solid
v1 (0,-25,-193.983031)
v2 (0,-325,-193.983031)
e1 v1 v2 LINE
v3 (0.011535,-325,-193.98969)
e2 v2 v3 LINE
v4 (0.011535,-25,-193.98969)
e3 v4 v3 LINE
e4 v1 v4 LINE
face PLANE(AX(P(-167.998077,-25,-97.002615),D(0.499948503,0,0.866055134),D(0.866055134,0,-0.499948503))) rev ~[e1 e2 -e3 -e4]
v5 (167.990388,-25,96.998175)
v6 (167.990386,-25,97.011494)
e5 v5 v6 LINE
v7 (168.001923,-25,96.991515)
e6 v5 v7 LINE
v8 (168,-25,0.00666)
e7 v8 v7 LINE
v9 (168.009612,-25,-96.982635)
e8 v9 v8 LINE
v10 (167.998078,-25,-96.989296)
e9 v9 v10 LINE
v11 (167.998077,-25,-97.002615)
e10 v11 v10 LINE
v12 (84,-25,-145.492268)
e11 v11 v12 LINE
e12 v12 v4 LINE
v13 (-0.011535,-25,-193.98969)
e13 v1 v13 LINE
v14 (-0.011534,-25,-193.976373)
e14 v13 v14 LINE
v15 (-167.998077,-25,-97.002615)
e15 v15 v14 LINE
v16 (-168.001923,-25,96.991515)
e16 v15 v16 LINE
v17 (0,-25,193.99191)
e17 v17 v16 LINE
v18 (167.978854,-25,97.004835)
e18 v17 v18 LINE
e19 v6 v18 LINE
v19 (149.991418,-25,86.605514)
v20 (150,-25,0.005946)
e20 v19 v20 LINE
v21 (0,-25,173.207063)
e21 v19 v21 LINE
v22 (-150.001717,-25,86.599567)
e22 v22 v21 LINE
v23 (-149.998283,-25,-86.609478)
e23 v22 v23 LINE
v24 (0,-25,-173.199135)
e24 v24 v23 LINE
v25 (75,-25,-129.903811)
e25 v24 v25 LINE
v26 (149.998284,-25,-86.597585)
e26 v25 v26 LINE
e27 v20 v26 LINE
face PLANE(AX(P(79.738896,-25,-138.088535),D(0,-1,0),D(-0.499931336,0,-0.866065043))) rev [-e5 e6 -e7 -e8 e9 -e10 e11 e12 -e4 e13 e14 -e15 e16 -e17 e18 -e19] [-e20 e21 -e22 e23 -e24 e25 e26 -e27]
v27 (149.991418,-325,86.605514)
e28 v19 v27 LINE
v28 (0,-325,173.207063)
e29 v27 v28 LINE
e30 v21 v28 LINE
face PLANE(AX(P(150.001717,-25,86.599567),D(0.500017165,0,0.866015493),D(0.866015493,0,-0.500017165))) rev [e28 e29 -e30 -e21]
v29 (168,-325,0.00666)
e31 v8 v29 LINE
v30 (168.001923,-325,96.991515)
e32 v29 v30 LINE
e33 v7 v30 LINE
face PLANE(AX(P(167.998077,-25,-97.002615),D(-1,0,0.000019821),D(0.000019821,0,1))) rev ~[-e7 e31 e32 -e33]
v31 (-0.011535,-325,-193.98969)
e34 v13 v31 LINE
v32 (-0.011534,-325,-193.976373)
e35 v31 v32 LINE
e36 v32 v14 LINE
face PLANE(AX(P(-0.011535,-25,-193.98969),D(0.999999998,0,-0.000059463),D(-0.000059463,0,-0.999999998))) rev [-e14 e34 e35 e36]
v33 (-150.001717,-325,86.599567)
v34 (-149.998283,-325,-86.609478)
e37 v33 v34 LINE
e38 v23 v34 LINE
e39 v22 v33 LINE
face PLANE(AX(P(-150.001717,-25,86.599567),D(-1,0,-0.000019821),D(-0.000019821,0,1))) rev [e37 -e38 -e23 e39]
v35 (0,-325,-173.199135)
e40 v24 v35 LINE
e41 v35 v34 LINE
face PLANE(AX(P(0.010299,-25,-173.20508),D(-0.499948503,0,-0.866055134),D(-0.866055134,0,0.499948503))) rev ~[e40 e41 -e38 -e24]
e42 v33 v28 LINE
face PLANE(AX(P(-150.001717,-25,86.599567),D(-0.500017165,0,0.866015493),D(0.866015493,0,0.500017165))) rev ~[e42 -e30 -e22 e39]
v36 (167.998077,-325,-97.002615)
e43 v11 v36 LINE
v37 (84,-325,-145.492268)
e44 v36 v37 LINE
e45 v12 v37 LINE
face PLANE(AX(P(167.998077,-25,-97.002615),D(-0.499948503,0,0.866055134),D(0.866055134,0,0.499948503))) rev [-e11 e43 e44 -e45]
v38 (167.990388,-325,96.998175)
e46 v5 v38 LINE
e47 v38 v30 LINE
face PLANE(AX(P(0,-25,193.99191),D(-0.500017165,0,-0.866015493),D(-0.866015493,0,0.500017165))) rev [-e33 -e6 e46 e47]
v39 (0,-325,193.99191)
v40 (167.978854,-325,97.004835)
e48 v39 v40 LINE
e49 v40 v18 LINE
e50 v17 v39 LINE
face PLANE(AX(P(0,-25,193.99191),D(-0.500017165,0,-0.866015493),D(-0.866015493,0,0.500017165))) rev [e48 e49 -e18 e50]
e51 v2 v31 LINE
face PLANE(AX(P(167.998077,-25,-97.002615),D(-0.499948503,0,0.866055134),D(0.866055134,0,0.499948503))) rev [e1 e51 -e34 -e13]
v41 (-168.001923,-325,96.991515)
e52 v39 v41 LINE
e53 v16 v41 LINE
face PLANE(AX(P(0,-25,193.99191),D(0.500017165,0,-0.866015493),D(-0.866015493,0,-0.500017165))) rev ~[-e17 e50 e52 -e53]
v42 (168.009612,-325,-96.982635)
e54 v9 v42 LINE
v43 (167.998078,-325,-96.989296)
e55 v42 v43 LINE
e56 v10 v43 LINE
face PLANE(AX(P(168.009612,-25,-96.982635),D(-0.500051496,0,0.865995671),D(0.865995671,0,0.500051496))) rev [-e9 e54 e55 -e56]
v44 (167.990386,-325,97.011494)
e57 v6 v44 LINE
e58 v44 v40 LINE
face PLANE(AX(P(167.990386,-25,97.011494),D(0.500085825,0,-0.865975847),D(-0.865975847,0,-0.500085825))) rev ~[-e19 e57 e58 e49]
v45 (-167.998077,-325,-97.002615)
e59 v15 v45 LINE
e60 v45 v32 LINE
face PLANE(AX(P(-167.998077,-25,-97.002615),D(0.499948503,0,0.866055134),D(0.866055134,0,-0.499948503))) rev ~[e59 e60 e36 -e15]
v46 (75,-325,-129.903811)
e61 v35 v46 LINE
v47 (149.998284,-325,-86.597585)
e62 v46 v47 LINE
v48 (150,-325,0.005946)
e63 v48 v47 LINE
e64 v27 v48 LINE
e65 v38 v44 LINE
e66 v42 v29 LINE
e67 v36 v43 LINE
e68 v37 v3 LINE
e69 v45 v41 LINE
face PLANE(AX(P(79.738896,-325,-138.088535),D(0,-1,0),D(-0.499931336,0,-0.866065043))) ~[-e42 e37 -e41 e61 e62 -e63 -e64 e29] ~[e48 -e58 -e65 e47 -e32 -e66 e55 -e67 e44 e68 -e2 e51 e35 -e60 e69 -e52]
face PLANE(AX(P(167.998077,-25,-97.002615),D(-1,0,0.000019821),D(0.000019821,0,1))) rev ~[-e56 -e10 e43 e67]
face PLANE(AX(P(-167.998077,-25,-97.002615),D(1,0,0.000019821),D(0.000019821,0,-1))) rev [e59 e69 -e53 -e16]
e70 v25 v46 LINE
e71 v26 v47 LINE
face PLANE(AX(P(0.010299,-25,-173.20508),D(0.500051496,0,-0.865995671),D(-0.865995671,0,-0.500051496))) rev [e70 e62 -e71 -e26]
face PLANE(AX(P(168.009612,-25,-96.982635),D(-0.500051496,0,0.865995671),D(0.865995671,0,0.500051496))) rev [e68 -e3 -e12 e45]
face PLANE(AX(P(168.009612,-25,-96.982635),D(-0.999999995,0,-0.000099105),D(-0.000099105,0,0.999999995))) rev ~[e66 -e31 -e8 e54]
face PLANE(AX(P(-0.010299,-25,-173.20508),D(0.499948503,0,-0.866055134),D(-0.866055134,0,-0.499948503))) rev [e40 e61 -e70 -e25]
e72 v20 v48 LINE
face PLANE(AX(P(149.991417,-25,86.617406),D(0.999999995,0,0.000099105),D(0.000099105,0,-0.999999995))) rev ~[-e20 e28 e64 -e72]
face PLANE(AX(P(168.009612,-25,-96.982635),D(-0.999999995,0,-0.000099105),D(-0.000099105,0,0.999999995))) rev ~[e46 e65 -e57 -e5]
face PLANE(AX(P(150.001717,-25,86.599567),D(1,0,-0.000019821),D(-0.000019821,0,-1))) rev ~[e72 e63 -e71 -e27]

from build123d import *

# Parameters (mm, degrees)
F4_DEPTH = 300


with BuildPart() as f4:
    # F3 (on offset) → F4 (new body)
    with BuildSketch(Plane.XZ.offset(25)):
        Polygon((-168.0019225023, 96.9915152759), (-150.0017165199, 86.5995672107), (0, 173.2070629141), (0, 193.9919104638), align=None)
    extrude(amount=F4_DEPTH)

    # F5: F4 across face


with BuildPart() as f4_1:
    add(f4.part)
    add(f4.part.mirror(Plane(origin=(0, -175, 183.599486689), x_dir=(0, 1, 0), z_dir=(1, 0, 0))))

    # F6: F4 across face


with BuildPart() as f4_2:
    add(f4_1.part)
    add(f4_1.part.mirror(Plane(origin=(159.0018195111, -175, 91.7955412433), x_dir=(0, 1, 0), z_dir=(0.4999828344, 0, -0.8660353141))))

    # F7: F4 across face


with BuildPart() as f4_3:
    add(f4_2.part)
    add(f4_2.part.mirror(Plane(origin=(-159.0018195111, -175, 91.7955412433), x_dir=(0, -1, 0), z_dir=(-0.4999828344, 0, -0.8660353141))))


solid = f4_3.part
